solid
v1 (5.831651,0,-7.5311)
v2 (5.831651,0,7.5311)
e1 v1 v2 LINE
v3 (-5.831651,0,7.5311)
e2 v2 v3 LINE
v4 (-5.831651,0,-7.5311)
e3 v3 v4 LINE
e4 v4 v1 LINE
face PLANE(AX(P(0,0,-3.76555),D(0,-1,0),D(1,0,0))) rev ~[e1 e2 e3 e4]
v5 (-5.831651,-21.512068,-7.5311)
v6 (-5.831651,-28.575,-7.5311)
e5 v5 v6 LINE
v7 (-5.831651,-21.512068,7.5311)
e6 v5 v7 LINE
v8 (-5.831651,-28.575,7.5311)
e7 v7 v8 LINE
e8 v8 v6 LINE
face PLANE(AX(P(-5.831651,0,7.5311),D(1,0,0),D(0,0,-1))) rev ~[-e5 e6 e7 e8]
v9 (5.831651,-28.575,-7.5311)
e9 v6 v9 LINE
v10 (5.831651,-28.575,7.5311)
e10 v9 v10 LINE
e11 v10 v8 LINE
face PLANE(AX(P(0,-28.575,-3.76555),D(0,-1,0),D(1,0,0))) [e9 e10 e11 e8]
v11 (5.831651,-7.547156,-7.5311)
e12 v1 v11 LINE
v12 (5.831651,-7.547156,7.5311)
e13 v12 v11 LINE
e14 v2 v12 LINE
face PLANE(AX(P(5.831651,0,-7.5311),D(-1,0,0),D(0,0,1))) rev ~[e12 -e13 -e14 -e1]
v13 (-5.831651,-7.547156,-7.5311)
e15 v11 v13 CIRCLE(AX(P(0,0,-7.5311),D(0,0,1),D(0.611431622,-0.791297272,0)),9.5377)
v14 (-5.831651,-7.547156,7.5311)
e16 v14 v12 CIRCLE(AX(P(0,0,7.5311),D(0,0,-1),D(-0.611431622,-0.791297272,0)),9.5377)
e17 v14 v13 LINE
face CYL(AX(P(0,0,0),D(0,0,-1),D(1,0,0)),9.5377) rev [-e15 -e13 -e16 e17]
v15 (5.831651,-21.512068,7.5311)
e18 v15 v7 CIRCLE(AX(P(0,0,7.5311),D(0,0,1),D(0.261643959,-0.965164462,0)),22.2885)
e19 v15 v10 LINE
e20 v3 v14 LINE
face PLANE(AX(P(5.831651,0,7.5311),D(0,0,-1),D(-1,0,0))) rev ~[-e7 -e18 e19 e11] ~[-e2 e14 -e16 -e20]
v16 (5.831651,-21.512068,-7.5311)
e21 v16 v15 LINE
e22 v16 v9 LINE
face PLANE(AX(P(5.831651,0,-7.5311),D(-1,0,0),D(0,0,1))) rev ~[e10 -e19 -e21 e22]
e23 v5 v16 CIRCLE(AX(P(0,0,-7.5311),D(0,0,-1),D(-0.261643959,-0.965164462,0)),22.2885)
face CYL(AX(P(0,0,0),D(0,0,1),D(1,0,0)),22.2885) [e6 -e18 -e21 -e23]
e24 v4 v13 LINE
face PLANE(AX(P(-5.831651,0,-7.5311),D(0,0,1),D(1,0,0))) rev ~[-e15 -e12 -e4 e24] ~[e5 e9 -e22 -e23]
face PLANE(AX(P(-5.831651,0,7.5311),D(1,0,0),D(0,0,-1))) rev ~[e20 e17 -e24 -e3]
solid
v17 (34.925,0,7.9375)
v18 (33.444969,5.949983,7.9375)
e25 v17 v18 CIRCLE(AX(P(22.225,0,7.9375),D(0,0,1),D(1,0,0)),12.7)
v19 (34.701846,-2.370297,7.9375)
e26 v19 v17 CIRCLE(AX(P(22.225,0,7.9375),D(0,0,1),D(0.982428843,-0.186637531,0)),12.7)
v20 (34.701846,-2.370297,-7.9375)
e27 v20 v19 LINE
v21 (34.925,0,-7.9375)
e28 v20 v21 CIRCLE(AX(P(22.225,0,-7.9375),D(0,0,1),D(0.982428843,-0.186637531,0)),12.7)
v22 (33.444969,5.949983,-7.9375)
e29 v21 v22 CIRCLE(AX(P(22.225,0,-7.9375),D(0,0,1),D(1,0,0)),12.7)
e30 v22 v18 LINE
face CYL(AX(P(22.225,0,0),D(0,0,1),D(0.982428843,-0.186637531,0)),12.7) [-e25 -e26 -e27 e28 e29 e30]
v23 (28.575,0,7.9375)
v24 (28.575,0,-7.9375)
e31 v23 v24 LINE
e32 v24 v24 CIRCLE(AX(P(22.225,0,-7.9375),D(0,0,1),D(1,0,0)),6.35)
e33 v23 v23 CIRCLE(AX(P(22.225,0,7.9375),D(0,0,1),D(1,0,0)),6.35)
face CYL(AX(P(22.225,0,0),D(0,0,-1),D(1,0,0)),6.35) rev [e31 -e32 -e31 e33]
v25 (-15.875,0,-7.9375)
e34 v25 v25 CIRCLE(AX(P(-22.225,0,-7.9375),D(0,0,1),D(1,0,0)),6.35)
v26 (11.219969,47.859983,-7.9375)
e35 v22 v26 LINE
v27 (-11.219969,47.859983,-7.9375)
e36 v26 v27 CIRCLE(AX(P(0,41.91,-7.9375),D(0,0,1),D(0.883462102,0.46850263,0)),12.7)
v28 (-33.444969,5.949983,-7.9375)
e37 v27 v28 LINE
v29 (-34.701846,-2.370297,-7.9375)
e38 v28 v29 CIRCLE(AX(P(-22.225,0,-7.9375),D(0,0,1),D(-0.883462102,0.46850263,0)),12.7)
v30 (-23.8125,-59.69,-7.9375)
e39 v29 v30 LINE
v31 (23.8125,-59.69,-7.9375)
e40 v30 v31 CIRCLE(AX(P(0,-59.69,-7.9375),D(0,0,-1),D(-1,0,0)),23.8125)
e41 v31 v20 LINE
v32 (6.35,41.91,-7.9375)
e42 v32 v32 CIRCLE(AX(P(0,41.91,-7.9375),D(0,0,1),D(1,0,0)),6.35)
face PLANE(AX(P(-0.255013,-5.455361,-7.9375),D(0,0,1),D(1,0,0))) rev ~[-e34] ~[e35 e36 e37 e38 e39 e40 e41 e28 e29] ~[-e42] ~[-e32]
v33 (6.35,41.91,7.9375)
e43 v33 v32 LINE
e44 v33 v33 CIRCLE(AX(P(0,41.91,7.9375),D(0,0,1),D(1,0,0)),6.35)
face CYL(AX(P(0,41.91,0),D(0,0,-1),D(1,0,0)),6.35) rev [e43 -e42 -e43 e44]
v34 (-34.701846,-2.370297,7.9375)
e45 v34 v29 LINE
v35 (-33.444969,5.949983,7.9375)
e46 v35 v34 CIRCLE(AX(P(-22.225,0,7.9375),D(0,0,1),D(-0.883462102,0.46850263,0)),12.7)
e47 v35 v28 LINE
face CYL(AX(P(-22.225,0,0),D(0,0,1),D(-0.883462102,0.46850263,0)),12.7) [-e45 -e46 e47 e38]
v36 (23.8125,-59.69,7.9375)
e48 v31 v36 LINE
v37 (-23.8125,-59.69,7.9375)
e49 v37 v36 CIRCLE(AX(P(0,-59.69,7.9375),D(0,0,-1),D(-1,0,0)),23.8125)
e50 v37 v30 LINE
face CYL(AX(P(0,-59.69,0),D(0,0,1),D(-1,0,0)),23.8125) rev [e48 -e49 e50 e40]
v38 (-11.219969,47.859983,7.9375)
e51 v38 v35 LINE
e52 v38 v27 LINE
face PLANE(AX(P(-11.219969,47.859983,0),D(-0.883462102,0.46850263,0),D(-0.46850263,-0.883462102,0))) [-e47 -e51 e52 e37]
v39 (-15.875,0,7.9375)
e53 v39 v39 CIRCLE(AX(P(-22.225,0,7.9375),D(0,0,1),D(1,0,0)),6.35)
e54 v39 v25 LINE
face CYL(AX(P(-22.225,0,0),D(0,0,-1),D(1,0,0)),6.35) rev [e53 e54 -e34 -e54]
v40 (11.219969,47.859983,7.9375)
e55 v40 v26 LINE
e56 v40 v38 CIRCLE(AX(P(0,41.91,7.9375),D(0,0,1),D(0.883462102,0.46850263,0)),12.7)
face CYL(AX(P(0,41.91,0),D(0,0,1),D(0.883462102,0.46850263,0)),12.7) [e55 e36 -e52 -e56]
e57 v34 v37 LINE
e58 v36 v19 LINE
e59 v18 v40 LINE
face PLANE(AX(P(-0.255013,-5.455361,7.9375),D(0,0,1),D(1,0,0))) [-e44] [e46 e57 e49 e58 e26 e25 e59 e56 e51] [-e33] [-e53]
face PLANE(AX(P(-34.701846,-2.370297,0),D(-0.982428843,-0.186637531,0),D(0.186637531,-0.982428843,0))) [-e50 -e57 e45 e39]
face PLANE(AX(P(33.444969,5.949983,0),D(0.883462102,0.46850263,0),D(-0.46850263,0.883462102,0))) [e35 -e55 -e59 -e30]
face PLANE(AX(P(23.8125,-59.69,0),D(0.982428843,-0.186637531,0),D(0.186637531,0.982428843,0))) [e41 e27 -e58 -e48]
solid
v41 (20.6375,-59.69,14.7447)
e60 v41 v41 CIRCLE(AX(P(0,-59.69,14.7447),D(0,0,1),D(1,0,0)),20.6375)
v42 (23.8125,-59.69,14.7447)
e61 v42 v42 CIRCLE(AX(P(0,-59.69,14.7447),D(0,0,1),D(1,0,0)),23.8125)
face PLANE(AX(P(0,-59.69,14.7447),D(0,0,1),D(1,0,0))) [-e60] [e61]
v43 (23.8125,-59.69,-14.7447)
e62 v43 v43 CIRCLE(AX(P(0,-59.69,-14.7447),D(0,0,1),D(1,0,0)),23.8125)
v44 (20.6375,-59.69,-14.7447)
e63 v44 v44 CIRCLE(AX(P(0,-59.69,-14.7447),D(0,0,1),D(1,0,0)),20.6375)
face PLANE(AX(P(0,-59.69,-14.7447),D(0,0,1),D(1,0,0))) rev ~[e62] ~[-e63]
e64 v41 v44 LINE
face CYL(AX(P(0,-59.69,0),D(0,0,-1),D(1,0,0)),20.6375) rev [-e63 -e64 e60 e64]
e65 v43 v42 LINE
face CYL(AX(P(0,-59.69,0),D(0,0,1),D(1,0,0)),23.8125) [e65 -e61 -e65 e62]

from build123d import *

# Parameters (mm, degrees)
F0_R     = 22.2885
F0_R_2   = 9.5377
F1_DEPTH = 7.5311
F4_DEPTH = 28.575
F5_R     = 6.35
F6_DEPTH = 7.9375
F5_R_2   = 20.6375
F7_DEPTH = 14.7447


with BuildPart() as f1:
    # F0 (on Top) → F1 (new body, symmetric)
    with BuildSketch(Plane.XY):
        Circle(F0_R)
        Circle(F0_R_2, mode=Mode.SUBTRACT)
    extrude(amount=F1_DEPTH, both=True)

    # F3 (on Front) → F4 (join)
    with BuildSketch(Plane.XZ):
        Polygon((-5.8316513776, 0), (-5.8316513776, -7.5311), (5.8316513776, -7.5311), (5.8316513776, 0), (0, 0), align=None)
        Polygon((-5.8316513776, 7.5311), (-5.8316513776, 0), (0, 0), (5.8316513776, 0), (5.8316513776, 7.5311), align=None)
    extrude(amount=F4_DEPTH)


with BuildPart() as f6:
    # F5 (on Top) → F6 (new body, symmetric)
    with BuildSketch(Plane.XY):
        with BuildLine():
            ThreePointArc((-23.8125, -59.69), (0, -35.8775), (23.8125, -59.69))
            Line((23.8125, -59.69), (34.7018463097, -2.3702966407))
            ThreePointArc((34.7018463097, -2.3702966407), (9.667471368, -1.8969645902), (33.4449686963, 5.9499833995))
            Line((33.4449686963, 5.9499833995), (11.2199686963, 47.8599833995))
            ThreePointArc((11.2199686963, 47.8599833995), (12.3244391849, 44.9756481825), (12.7, 41.91))
            ThreePointArc((12.7, 41.91), (-3.0656481825, 29.5855608151), (-11.2199686963, 47.8599833995))
            Line((-11.2199686963, 47.8599833995), (-33.4449686963, 5.9499833995))
            ThreePointArc((-33.4449686963, 5.9499833995), (-19.1593518175, 12.3244391849), (-9.525, 0))
            ThreePointArc((-9.525, 0), (-21.0346110158, -12.6440885028), (-34.7018463097, -2.3702966407))
            Line((-34.7018463097, -2.3702966407), (-23.8125, -59.69))
        make_face()
        with BuildLine():
            ThreePointArc((-33.4449686963, 5.9499833995), (-34.782528632, 1.8969645902), (-34.7018463097, -2.3702966407))
            ThreePointArc((-34.7018463097, -2.3702966407), (-21.0346110158, -12.6440885028), (-9.525, 0))
            ThreePointArc((-9.525, 0), (-19.1593518175, 12.3244391849), (-33.4449686963, 5.9499833995))
        make_face()
        with Locations((-22.225, 0)):
            Circle(F5_R, mode=Mode.SUBTRACT)
        with BuildLine():
            ThreePointArc((33.4449686963, 5.9499833995), (9.667471368, -1.8969645902), (34.7018463097, -2.3702966407))
            ThreePointArc((34.7018463097, -2.3702966407), (34.8690885028, -1.1903889842), (34.925, 0))
            ThreePointArc((34.925, 0), (34.5494391849, 3.0656481825), (33.4449686963, 5.9499833995))
        make_face()
        with Locations((22.225, 0)):
            Circle(F5_R, mode=Mode.SUBTRACT)
        with BuildLine():
            ThreePointArc((12.7, 41.91), (12.3244391849, 44.9756481825), (11.2199686963, 47.8599833995))
            ThreePointArc((11.2199686963, 47.8599833995), (0, 54.61), (-11.2199686963, 47.8599833995))
            ThreePointArc((-11.2199686963, 47.8599833995), (-3.0656481825, 29.5855608151), (12.7, 41.91))
        make_face()
        with Locations((0, 41.91)):
            Circle(F5_R, mode=Mode.SUBTRACT)
    extrude(amount=F6_DEPTH, both=True)


with BuildPart() as f7:
    # F5 (on Top) → F7 (new body, symmetric)
    with BuildSketch(Plane.XY):
        with BuildLine():
            ThreePointArc((-23.8125, -59.69), (0, -83.5025), (23.8125, -59.69))
            ThreePointArc((23.8125, -59.69), (0, -35.8775), (-23.8125, -59.69))
        make_face()
        with Locations((0, -59.69)):
            Circle(F5_R_2, mode=Mode.SUBTRACT)
    extrude(amount=F7_DEPTH, both=True)


solid = Compound([f1.part, f6.part, f7.part])
